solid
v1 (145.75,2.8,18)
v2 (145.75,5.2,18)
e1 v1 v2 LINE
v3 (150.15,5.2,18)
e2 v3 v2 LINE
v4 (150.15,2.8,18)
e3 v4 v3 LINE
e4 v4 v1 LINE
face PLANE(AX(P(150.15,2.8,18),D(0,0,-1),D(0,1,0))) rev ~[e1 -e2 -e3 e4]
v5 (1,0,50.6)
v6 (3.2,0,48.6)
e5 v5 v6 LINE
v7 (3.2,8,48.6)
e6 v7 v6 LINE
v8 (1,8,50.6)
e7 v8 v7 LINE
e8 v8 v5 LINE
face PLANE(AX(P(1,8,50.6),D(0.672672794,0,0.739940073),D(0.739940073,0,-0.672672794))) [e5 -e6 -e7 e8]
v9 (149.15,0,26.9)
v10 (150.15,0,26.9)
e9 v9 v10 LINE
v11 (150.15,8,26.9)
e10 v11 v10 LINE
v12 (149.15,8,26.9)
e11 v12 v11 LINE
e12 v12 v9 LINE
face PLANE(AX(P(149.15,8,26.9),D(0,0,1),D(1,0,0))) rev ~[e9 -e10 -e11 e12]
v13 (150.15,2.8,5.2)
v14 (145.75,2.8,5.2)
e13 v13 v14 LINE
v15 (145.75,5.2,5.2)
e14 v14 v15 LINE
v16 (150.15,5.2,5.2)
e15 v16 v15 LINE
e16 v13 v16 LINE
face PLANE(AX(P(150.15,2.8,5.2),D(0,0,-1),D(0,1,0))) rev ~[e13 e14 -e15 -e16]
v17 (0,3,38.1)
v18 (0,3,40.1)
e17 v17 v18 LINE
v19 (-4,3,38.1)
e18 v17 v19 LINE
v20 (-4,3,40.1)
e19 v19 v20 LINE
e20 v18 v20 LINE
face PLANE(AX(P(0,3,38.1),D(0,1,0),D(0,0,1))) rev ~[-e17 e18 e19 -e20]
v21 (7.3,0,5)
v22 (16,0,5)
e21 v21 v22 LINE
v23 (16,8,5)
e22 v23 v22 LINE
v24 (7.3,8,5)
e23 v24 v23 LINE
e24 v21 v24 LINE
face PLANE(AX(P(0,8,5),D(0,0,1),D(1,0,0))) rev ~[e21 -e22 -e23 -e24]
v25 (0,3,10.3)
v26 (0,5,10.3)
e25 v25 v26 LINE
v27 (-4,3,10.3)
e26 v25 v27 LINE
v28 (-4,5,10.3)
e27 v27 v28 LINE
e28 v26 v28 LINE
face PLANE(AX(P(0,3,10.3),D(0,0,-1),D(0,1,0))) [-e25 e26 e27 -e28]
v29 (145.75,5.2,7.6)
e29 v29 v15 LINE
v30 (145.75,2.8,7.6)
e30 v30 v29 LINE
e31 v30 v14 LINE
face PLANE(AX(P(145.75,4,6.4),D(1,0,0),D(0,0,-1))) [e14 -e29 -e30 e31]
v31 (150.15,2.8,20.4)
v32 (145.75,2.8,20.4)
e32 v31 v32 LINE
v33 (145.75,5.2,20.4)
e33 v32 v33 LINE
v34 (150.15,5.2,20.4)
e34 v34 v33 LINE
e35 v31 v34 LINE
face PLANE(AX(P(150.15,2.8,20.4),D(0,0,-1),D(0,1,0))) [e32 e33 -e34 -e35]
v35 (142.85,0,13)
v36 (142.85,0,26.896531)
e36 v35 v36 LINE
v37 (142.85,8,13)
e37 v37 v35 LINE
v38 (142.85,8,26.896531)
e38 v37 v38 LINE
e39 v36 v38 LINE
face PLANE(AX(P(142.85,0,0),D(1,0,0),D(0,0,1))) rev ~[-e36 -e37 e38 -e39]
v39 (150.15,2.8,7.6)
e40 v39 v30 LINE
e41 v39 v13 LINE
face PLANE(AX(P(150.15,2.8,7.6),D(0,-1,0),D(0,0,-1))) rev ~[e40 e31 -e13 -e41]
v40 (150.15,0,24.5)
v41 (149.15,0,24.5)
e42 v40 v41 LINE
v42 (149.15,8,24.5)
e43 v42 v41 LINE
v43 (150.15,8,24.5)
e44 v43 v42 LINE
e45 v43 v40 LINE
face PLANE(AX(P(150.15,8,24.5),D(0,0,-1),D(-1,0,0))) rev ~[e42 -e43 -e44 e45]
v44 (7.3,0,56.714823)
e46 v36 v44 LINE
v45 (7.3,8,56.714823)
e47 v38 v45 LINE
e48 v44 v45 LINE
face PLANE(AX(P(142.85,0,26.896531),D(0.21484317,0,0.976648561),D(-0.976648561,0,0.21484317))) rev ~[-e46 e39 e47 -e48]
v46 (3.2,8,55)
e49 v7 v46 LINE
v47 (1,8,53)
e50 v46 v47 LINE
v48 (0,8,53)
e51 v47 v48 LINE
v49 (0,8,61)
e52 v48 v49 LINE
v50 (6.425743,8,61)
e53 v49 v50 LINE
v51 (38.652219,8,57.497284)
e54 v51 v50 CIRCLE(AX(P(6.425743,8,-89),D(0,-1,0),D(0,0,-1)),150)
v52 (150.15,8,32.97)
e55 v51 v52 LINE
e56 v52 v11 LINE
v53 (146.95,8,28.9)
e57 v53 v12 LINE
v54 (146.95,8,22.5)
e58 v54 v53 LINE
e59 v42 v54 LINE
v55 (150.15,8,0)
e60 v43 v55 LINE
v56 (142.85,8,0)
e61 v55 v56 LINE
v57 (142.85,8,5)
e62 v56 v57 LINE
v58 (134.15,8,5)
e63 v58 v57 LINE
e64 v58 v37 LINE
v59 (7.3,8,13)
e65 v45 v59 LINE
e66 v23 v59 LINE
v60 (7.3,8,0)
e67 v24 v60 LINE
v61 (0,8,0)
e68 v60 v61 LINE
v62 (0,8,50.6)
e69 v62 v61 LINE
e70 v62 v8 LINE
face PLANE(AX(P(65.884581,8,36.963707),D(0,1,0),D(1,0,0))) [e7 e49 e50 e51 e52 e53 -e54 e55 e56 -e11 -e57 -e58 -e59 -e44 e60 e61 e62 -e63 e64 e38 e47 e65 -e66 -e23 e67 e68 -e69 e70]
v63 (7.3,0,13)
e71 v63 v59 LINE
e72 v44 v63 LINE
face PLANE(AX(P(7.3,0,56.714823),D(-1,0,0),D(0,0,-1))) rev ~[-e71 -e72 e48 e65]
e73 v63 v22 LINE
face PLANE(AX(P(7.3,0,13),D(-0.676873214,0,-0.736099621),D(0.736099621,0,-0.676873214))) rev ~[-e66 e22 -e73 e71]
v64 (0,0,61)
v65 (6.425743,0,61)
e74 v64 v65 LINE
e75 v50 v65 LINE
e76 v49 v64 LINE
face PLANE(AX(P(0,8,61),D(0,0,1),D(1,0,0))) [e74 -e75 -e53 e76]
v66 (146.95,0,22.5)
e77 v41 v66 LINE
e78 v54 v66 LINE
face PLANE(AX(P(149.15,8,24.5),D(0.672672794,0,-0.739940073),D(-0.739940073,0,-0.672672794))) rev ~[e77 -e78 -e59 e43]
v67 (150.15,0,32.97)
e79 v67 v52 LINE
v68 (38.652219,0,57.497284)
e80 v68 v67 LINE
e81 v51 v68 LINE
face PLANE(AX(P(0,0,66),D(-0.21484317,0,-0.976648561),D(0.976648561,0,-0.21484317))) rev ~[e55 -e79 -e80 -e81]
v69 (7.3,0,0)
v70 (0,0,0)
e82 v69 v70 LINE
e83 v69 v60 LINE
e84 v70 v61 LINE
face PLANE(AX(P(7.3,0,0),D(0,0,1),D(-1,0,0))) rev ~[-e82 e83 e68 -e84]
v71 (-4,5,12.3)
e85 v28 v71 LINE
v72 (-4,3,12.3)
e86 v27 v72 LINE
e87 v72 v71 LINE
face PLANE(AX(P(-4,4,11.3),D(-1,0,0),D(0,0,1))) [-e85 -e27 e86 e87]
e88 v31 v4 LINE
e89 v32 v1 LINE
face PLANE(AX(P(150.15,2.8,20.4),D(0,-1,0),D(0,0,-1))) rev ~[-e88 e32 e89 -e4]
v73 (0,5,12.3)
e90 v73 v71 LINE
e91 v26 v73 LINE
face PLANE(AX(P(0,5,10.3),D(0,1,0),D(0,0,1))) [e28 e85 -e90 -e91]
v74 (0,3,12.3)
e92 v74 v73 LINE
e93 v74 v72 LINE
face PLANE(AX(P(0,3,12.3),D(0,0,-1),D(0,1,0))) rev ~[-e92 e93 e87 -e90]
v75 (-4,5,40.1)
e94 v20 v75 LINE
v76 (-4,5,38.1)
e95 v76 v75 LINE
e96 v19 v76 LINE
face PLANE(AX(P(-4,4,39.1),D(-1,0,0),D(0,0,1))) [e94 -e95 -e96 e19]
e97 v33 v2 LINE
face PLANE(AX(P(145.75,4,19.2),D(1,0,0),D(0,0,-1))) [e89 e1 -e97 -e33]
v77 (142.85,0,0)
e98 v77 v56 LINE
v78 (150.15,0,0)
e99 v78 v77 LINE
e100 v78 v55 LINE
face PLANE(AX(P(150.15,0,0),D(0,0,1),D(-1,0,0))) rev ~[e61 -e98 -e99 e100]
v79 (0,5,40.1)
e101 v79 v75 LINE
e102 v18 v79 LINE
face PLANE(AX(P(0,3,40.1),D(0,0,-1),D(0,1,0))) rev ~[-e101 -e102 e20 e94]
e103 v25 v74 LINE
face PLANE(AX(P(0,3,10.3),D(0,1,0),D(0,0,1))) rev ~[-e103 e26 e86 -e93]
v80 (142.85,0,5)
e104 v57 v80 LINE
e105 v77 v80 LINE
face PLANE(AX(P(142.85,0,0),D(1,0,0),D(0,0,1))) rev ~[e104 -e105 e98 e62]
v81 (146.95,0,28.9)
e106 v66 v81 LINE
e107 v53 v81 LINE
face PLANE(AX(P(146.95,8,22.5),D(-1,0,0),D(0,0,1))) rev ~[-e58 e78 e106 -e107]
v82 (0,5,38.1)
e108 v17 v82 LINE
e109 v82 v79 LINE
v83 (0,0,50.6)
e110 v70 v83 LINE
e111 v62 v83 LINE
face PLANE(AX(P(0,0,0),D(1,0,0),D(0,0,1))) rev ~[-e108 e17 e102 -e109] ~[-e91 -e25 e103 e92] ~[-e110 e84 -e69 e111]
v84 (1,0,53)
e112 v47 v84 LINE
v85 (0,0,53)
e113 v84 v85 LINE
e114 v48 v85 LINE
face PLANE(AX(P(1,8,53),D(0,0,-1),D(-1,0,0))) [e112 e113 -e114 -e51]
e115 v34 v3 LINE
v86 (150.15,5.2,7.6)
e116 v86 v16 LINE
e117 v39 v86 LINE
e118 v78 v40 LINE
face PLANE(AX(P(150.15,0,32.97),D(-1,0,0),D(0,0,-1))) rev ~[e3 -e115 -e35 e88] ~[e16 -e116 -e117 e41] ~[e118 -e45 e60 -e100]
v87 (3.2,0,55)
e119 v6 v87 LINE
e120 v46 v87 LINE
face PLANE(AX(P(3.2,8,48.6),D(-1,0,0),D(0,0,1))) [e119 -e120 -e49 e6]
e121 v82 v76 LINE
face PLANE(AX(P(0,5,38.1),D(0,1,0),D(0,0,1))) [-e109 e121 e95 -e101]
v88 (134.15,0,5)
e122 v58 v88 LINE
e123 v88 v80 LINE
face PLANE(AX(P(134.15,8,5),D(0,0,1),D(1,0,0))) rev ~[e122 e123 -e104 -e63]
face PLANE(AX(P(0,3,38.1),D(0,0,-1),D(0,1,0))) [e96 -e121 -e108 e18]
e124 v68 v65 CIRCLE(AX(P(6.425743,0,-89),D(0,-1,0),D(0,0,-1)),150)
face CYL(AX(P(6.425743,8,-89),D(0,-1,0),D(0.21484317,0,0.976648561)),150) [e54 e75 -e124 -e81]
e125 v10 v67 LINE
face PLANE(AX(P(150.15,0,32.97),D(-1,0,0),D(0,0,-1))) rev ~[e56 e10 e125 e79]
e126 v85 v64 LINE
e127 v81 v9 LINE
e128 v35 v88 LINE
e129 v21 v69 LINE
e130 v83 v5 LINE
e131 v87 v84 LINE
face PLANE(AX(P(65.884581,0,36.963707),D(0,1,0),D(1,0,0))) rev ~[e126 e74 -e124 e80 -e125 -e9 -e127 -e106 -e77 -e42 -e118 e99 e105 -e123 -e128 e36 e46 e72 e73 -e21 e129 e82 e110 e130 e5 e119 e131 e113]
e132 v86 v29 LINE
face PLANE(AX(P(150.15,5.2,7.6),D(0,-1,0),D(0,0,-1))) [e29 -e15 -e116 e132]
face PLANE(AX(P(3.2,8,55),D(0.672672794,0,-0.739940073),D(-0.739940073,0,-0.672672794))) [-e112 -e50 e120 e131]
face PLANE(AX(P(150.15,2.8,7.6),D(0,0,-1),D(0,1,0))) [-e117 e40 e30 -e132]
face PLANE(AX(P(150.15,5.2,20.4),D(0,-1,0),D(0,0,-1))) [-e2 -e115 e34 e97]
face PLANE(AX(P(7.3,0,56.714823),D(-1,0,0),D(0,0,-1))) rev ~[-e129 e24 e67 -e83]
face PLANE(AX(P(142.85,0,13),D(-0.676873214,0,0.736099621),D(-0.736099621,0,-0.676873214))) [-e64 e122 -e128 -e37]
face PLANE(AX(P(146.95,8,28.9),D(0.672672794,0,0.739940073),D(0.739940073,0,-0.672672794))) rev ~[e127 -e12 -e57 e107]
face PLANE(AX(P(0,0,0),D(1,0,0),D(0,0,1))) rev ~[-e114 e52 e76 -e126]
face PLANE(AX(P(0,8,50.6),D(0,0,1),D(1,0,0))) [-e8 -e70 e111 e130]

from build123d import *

# Parameters (mm, degrees)
P_IDAT_VYSUNUT_M1_DEPTH  = 8
ODEBRAT_VYSUNUT_M1_DEPTH = 165.210299616
SKICA3_W                 = 2
SKICA3_H                 = 2
P_IDAT_VYSUNUT_M2_DEPTH  = 4
SKICA5_W                 = 16
SKICA5_H                 = 8
P_IDAT_VYSUNUT_M3_DEPTH  = 8
ODEBRAT_VYSUNUT_M4_DEPTH = 165.210299616
SKICA4_W                 = 2.4
SKICA4_H                 = 2.4
ODEBRAT_VYSUNUT_M2_DEPTH = 4.4
ODEBRAT_VYSUNUT_M5_DEPTH = 165.210299616
ODEBRAT_VYSUNUT_M6_DEPTH = 165.210299616
ZAOBLIT1_R               = 150


with BuildPart() as part:
    # Skica1 → Přidat vysunutím1 (new body)
    with BuildSketch(Plane(origin=(0, 0, 0), x_dir=(1, 0, 0), z_dir=(0, 1, 0))):
        Polygon((0, 0), (0, -66), (150.15, -32.97), (150.15, 0), (142.85, 0), (142.85, -26.8965309), (7.3, -56.714822608), (7.3, 0), align=None)
    extrude(amount=P_IDAT_VYSUNUT_M1_DEPTH)

    # Skica2 → Odebrat vysunutím1 (cut, through all)
    with BuildSketch(Plane(origin=(0, 8, 0), x_dir=(1, 0, 0), z_dir=(0, 1, 0))):
        Polygon((0, -50.6), (1, -50.6), (3.2, -48.6), (3.2, -55), (1, -53), (0, -53), align=None)
    extrude(amount=-ODEBRAT_VYSUNUT_M1_DEPTH, mode=Mode.SUBTRACT)

    # Skica3 → Přidat vysunutím2 (add)
    with BuildSketch(Plane.ZY):
        with Locations((11.3, 4)):
            Rectangle(SKICA3_W, SKICA3_H)
        with Locations((39.1, 4)):
            Rectangle(SKICA3_W, SKICA3_H)
    extrude(amount=P_IDAT_VYSUNUT_M2_DEPTH)

    # Skica5 → Přidat vysunutím3 (add)
    with BuildSketch(Plane(origin=(0, 8, 0), x_dir=(1, 0, 0), z_dir=(0, 1, 0))):
        with Locations((8, -9)):
            Rectangle(SKICA5_W, SKICA5_H)
        with Locations((142.15, -9)):
            Rectangle(SKICA5_W, SKICA5_H)
    extrude(amount=-P_IDAT_VYSUNUT_M3_DEPTH)

    # Skica7 → Odebrat vysunutím4 (cut, through all)
    with BuildSketch(Plane.XZ):
        Polygon((7.3, 13), (16, 5), (16, 13), align=None)
        Polygon((134.15, 5), (134.15, 13), (142.85, 13), align=None)
    extrude(amount=-ODEBRAT_VYSUNUT_M4_DEPTH, mode=Mode.SUBTRACT)

    # Skica4 → Odebrat vysunutím2 (cut)
    with BuildSketch(Plane(origin=(150.15, 0, 0), x_dir=(0, 0, -1), z_dir=(1, 0, 0))):
        with Locations((-19.2, 4)):
            Rectangle(SKICA4_W, SKICA4_H)
        with Locations((-6.4, 4)):
            Rectangle(SKICA4_W, SKICA4_H)
    extrude(amount=-ODEBRAT_VYSUNUT_M2_DEPTH, mode=Mode.SUBTRACT)

    # Skica8 → Odebrat vysunutím5 (cut, through all)
    with BuildSketch(Plane(origin=(0, 8, 0), x_dir=(1, 0, 0), z_dir=(0, 1, 0))):
        Polygon((150.15, -24.5), (149.15, -24.5), (146.95, -22.5), (146.95, -28.9), (149.15, -26.9), (150.15, -26.9), align=None)
    extrude(amount=-ODEBRAT_VYSUNUT_M5_DEPTH, mode=Mode.SUBTRACT)

    # Skica9 → Odebrat vysunutím6 (cut, through all)
    with BuildSketch(Plane(origin=(0, 8, 0), x_dir=(1, 0, 0), z_dir=(0, 1, 0))):
        Polygon((0, -61), (22.729336966, -61), (0, -66), align=None)
    extrude(amount=-ODEBRAT_VYSUNUT_M6_DEPTH, mode=Mode.SUBTRACT)

    # Zaoblit1
    zaoblit1_edges = [part.edges().sort_by_distance(p)[0] for p in [
        (22.729336966, 4, 61),
    ]]
    fillet(zaoblit1_edges, radius=ZAOBLIT1_R)


solid = part.part
